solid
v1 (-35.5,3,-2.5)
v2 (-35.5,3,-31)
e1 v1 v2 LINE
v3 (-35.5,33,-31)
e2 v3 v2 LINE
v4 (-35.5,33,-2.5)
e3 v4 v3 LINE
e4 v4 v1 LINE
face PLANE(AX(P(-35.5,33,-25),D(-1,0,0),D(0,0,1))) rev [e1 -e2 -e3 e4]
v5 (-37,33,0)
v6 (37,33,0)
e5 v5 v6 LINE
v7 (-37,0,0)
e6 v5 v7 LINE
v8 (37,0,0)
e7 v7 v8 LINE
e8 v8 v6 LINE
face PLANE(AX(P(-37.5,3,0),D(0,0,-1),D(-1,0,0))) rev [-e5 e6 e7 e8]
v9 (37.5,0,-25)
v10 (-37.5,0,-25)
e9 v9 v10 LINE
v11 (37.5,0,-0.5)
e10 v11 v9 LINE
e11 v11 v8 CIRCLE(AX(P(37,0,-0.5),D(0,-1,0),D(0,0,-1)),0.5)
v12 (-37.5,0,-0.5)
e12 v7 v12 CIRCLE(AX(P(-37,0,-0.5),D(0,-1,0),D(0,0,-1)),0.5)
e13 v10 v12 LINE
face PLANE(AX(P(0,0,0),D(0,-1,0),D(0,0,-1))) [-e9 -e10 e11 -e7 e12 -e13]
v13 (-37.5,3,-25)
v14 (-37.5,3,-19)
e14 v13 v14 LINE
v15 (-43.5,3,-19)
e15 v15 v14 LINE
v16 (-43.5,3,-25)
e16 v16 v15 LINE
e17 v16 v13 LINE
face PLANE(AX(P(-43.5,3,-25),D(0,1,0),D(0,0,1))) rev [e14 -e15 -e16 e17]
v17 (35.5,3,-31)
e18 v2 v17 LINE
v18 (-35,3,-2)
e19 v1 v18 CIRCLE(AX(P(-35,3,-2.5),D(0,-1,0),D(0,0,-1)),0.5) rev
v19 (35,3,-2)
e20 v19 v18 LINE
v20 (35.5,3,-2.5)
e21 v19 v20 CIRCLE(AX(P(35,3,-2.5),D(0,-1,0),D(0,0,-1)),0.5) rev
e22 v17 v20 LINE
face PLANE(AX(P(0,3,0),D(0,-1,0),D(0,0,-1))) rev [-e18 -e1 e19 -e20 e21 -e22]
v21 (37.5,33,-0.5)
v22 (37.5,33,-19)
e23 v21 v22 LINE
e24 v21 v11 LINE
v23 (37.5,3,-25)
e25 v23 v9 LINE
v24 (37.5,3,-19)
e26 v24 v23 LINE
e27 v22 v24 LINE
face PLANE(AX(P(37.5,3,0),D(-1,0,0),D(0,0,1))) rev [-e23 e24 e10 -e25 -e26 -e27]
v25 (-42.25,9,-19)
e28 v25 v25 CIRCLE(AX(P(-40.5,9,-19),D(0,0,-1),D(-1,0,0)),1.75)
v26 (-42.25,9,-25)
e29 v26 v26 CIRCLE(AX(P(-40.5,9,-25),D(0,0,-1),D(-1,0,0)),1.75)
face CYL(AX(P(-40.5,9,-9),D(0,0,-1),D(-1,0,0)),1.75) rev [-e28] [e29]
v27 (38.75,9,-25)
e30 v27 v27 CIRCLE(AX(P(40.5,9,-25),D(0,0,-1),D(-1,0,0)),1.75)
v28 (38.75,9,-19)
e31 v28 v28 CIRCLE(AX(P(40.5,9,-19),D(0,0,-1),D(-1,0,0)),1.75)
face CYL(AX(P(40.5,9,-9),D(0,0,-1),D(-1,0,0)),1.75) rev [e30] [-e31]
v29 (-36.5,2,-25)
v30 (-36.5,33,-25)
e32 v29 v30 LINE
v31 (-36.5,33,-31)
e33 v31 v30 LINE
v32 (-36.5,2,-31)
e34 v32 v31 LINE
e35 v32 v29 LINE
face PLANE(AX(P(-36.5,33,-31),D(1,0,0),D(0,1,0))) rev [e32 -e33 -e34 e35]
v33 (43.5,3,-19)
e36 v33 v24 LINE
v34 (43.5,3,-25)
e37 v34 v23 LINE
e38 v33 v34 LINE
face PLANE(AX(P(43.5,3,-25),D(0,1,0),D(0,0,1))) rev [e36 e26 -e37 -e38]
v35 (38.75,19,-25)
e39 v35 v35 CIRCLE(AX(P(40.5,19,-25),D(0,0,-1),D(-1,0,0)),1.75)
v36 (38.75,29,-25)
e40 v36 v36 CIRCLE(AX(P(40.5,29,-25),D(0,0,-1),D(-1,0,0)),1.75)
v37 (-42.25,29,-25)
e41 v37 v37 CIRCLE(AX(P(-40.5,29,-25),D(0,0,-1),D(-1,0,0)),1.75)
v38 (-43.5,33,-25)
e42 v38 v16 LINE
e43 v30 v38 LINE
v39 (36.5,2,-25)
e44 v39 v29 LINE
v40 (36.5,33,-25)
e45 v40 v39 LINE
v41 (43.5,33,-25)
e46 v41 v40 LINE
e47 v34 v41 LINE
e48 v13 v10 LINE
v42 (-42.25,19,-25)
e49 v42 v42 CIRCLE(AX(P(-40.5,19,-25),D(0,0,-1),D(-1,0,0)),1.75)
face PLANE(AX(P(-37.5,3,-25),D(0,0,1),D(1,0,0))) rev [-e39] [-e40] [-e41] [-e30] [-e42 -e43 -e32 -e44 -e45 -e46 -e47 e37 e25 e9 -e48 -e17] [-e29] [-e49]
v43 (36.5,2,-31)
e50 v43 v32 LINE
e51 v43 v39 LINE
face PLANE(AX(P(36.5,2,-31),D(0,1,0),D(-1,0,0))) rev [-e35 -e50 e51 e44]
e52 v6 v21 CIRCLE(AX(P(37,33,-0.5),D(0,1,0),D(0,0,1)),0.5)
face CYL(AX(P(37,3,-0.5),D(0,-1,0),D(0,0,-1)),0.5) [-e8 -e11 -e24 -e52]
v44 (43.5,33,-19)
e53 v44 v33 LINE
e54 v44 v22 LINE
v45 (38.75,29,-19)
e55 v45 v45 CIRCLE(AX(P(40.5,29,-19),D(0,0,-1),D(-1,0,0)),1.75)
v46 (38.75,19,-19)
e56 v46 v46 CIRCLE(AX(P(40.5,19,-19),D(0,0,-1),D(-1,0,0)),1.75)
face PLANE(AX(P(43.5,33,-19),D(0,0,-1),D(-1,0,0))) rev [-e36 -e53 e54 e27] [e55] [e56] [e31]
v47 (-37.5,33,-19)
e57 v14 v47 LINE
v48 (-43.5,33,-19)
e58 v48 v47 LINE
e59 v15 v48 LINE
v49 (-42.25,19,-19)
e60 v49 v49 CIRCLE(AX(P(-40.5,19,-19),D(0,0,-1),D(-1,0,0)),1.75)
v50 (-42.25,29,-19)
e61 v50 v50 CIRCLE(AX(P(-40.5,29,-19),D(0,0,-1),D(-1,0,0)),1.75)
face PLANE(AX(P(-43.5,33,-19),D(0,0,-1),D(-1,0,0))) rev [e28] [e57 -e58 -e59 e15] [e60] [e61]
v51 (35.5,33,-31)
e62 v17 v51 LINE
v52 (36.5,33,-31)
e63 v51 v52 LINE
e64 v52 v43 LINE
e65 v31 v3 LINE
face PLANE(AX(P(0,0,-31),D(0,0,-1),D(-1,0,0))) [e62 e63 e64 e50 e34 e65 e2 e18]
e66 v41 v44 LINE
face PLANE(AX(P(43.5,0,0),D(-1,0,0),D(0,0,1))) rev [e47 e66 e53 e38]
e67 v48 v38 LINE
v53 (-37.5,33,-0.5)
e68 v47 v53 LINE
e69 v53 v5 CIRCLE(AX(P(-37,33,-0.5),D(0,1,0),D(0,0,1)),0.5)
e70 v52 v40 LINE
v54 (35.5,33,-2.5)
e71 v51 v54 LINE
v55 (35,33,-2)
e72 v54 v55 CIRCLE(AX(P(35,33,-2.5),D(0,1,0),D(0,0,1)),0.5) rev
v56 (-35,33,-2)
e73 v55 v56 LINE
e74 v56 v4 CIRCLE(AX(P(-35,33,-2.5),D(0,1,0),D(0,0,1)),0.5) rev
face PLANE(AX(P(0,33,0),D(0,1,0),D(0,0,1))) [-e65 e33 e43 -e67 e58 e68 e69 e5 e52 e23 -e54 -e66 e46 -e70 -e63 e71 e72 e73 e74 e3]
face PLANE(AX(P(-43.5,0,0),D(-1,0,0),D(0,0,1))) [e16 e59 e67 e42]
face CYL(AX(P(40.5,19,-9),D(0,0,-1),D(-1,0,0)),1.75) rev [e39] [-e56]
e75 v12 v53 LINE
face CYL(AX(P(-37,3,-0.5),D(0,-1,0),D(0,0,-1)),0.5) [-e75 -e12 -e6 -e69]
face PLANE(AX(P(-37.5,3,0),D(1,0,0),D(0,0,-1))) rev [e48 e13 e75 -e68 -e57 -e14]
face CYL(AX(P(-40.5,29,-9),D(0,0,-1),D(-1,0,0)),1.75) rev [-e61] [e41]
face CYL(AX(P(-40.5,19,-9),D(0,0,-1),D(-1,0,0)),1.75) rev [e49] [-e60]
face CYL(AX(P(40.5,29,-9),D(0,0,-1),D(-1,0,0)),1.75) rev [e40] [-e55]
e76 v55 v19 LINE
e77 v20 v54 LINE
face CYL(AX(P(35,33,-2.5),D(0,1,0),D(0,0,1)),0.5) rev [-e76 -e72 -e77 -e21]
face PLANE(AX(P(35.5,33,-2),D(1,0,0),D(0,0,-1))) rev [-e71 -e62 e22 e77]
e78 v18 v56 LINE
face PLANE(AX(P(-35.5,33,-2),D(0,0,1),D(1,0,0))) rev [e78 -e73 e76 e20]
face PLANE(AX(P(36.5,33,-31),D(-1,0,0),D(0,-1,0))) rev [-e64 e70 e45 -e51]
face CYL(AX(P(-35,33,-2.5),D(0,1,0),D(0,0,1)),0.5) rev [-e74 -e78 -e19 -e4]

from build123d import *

# Parameters (mm, degrees)
SKETCH2_W           = 75
SKETCH2_H           = 25
BOSS_EXTRUDE1_DEPTH = 3
BOSS_EXTRUDE2_DEPTH = 30
SKETCH4_W           = 6
SKETCH4_H           = 30
BOSS_EXTRUDE3_DEPTH = 6
SKETCH5_W           = 6
SKETCH5_H           = 30
BOSS_EXTRUDE4_DEPTH = 6
SKETCH6_R           = 1.75
CUT_EXTRUDE1_DEPTH  = 16
BOSS_EXTRUDE5_DEPTH = 6
FILLET1_R           = 0.5
FILLET2_R           = 0.5


with BuildPart() as part:
    # Sketch2 → Boss-Extrude1 (new body)
    with BuildSketch(Plane(origin=(0, 0, 0), x_dir=(1, 0, 0), z_dir=(0, 1, 0))):
        with Locations((0, 12.5)):
            Rectangle(SKETCH2_W, SKETCH2_H)
    extrude(amount=BOSS_EXTRUDE1_DEPTH)

    # Sketch3 → Boss-Extrude2 (add)
    with BuildSketch(Plane(origin=(0, 3, 0), x_dir=(1, 0, 0), z_dir=(0, 1, 0))):
        Polygon((-35.5, 25), (-35.5, 2), (35.5, 2), (35.5, 25), (37.5, 25), (37.5, 0), (-37.5, 0), (-37.5, 25), align=None)
    extrude(amount=BOSS_EXTRUDE2_DEPTH)

    # Sketch4 → Boss-Extrude3 (add)
    with BuildSketch(Plane(origin=(37.5, 0, 0), x_dir=(0, 0, -1), z_dir=(1, 0, 0))):
        with Locations((22, 18)):
            Rectangle(SKETCH4_W, SKETCH4_H)
    extrude(amount=BOSS_EXTRUDE3_DEPTH)

    # Sketch5 → Boss-Extrude4 (add)
    with BuildSketch(Plane.ZY.offset(37.5)):
        with Locations((-22, 18)):
            Rectangle(SKETCH5_W, SKETCH5_H)
    extrude(amount=BOSS_EXTRUDE4_DEPTH)

    # Sketch6 → Cut-Extrude1 (cut)
    with BuildSketch(Plane(origin=(0, 0, -25), x_dir=(-1, 0, 0), z_dir=(0, 0, -1))):
        with Locations((-40.5, 29)):
            Circle(SKETCH6_R)
        with Locations((40.5, 29)):
            Circle(SKETCH6_R)
        with Locations((-40.5, 19)):
            Circle(SKETCH6_R)
        with Locations((-40.5, 9)):
            Circle(SKETCH6_R)
        with Locations((40.5, 19)):
            Circle(SKETCH6_R)
        with Locations((40.5, 9)):
            Circle(SKETCH6_R)
    extrude(amount=-CUT_EXTRUDE1_DEPTH, mode=Mode.SUBTRACT)

    # Sketch7 → Boss-Extrude5 (add)
    with BuildSketch(Plane(origin=(0, 0, -25), x_dir=(-1, 0, 0), z_dir=(0, 0, -1))):
        Polygon((35.5, 33), (36.5, 33), (36.5, 2), (-36.5, 2), (-36.5, 33), (-35.5, 33), (-35.5, 3), (35.5, 3), align=None)
    extrude(amount=BOSS_EXTRUDE5_DEPTH)

    # Fillet1
    fillet1_edges = [part.edges().sort_by_distance(p)[0] for p in [
        (35.5, 18, -2),
        (-35.5, 18, -2),
    ]]
    fillet(fillet1_edges, radius=FILLET1_R)

    # Fillet2
    fillet2_edges = [part.edges().sort_by_distance(p)[0] for p in [
        (37.5, 16.5, 0),
        (-37.5, 16.5, 0),
    ]]
    fillet(fillet2_edges, radius=FILLET2_R)


solid = part.part
